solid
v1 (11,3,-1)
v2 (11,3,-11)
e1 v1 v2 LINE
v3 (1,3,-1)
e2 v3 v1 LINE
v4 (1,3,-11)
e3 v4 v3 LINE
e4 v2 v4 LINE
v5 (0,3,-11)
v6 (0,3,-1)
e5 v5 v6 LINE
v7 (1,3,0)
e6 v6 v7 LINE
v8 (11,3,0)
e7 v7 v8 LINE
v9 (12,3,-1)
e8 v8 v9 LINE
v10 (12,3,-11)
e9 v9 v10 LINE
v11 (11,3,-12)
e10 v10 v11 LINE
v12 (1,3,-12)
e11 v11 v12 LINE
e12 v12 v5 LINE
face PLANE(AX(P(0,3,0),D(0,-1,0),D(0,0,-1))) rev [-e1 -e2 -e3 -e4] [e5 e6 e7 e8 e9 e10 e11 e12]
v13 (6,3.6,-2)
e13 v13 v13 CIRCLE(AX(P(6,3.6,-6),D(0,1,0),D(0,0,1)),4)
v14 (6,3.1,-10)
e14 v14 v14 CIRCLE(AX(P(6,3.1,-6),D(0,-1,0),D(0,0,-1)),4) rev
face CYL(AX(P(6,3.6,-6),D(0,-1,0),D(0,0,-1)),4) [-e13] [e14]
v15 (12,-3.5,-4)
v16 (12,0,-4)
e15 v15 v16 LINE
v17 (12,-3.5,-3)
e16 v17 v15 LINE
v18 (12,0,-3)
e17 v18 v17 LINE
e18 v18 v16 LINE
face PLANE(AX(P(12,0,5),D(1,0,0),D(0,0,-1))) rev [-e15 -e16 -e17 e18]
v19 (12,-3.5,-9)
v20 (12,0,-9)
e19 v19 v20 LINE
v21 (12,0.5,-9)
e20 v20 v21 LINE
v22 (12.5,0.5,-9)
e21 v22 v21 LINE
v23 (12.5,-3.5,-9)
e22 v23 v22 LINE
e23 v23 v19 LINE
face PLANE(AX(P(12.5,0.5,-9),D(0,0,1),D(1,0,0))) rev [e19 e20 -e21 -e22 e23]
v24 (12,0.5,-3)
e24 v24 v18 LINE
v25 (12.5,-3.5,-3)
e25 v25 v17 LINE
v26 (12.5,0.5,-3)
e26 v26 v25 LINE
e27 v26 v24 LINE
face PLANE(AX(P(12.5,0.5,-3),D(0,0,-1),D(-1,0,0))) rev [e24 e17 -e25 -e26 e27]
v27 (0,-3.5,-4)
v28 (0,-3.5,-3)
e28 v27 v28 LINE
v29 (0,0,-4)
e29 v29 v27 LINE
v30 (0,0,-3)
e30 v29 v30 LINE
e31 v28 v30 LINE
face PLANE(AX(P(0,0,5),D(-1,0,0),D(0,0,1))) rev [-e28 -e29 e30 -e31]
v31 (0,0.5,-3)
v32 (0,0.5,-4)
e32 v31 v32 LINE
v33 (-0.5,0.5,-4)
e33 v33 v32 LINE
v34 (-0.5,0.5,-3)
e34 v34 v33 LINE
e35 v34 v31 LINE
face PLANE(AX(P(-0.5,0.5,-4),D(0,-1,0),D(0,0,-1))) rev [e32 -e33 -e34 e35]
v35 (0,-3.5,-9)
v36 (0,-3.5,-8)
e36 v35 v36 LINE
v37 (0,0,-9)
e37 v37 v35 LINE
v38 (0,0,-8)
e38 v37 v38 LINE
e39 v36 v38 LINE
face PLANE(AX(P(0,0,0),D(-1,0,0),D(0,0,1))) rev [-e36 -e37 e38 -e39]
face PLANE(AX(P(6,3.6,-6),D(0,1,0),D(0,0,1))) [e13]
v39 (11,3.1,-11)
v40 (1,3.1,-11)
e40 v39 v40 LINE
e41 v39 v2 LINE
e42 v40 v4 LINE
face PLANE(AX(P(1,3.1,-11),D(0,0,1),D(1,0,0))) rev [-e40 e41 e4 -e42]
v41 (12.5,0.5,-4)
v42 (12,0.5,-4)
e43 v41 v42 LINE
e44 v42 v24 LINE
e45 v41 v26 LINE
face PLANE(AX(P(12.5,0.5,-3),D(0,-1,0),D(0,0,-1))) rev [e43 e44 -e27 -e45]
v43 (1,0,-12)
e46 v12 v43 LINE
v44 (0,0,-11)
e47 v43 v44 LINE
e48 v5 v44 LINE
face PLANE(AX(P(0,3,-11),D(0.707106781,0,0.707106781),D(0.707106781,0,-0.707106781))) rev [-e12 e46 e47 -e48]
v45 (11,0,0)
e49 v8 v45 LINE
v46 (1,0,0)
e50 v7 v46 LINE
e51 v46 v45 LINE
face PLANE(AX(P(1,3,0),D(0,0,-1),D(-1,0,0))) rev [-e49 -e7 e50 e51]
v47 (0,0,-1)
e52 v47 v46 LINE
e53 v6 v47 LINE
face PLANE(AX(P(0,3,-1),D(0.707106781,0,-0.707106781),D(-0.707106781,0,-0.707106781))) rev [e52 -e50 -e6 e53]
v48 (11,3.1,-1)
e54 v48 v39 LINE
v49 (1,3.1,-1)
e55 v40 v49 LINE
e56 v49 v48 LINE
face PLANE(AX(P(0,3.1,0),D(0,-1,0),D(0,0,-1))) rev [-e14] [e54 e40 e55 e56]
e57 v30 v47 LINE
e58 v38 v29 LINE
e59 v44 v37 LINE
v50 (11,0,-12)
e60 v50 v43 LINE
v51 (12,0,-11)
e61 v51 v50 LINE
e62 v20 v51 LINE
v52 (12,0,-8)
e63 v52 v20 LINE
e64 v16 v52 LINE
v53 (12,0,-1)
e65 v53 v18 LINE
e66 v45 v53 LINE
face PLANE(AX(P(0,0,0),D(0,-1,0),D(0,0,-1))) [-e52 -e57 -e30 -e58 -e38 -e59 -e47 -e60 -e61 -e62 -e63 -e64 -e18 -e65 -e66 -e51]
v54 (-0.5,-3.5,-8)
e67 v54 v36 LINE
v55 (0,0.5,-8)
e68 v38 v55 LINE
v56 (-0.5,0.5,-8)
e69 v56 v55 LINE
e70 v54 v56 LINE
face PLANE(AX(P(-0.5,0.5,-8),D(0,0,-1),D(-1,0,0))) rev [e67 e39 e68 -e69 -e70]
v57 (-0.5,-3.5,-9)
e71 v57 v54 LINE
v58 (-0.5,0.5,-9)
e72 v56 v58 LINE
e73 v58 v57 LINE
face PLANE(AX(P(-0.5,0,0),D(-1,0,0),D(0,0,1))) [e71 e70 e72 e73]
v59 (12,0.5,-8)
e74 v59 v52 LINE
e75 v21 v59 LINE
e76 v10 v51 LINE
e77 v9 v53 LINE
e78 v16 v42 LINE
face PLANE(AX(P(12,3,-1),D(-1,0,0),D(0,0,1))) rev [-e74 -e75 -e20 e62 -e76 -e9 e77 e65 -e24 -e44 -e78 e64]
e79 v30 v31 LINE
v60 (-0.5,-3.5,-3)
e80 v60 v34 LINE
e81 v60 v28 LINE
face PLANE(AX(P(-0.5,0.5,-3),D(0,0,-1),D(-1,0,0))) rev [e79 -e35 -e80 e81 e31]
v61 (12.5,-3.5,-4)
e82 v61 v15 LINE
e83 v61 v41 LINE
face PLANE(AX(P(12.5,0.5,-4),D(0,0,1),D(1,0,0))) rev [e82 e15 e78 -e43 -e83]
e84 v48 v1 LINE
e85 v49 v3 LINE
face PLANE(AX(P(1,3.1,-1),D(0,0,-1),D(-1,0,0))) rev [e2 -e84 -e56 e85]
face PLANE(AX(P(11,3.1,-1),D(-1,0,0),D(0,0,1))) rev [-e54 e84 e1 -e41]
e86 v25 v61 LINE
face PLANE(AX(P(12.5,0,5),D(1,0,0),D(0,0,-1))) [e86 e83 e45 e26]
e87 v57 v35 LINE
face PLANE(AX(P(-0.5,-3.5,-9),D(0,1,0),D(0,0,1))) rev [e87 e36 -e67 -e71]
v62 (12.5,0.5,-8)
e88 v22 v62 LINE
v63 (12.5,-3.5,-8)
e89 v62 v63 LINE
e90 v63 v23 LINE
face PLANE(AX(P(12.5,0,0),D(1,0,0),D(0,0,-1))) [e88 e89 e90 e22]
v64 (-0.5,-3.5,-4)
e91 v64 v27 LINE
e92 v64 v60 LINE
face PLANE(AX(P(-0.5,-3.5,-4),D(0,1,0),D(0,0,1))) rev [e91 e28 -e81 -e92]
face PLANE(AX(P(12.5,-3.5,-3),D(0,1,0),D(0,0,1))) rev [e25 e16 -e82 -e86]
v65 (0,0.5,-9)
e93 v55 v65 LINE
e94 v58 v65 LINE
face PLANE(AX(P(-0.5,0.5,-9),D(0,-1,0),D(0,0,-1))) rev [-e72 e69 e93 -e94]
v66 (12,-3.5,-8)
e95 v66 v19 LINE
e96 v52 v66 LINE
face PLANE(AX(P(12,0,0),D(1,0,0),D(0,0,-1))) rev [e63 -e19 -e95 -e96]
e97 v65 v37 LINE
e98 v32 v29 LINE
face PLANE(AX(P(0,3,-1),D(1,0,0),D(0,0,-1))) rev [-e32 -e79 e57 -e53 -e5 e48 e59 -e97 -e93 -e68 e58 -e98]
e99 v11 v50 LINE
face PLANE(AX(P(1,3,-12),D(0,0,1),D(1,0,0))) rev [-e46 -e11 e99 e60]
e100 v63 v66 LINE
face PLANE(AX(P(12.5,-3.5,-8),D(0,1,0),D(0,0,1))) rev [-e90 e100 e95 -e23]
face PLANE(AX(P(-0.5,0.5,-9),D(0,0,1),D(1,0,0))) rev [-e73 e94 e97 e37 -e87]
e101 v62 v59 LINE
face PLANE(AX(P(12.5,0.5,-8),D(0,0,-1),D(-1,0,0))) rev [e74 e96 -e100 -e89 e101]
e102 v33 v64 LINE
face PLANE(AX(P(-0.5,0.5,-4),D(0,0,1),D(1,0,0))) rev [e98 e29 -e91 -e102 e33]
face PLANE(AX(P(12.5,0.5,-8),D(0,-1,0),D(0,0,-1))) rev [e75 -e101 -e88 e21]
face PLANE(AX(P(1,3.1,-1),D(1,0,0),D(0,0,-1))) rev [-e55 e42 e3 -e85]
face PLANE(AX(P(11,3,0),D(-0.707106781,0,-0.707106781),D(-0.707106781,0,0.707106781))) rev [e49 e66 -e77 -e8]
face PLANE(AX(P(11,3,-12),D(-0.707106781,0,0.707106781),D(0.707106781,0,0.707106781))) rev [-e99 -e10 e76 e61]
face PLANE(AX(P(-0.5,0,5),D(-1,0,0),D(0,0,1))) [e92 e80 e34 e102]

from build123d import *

# Parameters (mm, degrees)
BOSS_EXTRU_2_DEPTH         = 3
ESQUISSE2_W                = 10
ESQUISSE2_H                = 10
BOSS_EXTRU_3_DEPTH         = 0.1
ESQUISSE3_R                = 4
BOSS_EXTRU_4_DEPTH         = 0.5
ESQUISSE4_W                = 1
ESQUISSE4_H                = 4
BOSS_EXTRU_5_DEPTH         = 0.5
ESQUISSE7_W                = 1
ESQUISSE7_H                = 4
BOSS_EXTRU_7_DEPTH         = 0.5
R_P_TITION_LIN_AIRE1_COUNT = 2
R_P_TITION_LIN_AIRE1_PITCH = 5


with BuildPart() as part:
    # Esquisse1 → Boss.-Extru.2 (new body)
    with BuildSketch(Plane(origin=(0, 0, 0), x_dir=(1, 0, 0), z_dir=(0, 1, 0))):
        Polygon((0, 11), (1, 12), (11, 12), (12, 11), (12, 1), (11, 0), (1, 0), (0, 1), align=None)
    extrude(amount=BOSS_EXTRU_2_DEPTH)

    # Esquisse2 → Boss.-Extru.3 (add)
    with BuildSketch(Plane(origin=(0, 3, 0), x_dir=(1, 0, 0), z_dir=(0, 1, 0))):
        with Locations((6, 6)):
            Rectangle(ESQUISSE2_W, ESQUISSE2_H)
    extrude(amount=BOSS_EXTRU_3_DEPTH)

    # Esquisse3 → Boss.-Extru.4 (add)
    with BuildSketch(Plane(origin=(0, 3.1, 0), x_dir=(1, 0, 0), z_dir=(0, 1, 0))):
        with Locations((6, 6)):
            Circle(ESQUISSE3_R)
    extrude(amount=BOSS_EXTRU_4_DEPTH)

    # Esquisse4 → Boss.-Extru.5 (add)
    with BuildSketch(Plane.ZY):
        with Locations((-8.5, -1.5)):
            Rectangle(ESQUISSE4_W, ESQUISSE4_H)
    boss_extru_5 = extrude(amount=BOSS_EXTRU_5_DEPTH)

    # Esquisse7 → Boss.-Extru.7 (add)
    with BuildSketch(Plane(origin=(12, 0, 0), x_dir=(0, 0, -1), z_dir=(1, 0, 0))):
        with Locations((8.5, -1.5)):
            Rectangle(ESQUISSE7_W, ESQUISSE7_H)
    boss_extru_7 = extrude(amount=BOSS_EXTRU_7_DEPTH)

    # Répétition linéaire1: Boss.-Extru.5, Boss.-Extru.7 ×2
    with Locations(*[(0, 0, i * R_P_TITION_LIN_AIRE1_PITCH) for i in range(1, R_P_TITION_LIN_AIRE1_COUNT)]):
        add(boss_extru_5)
        add(boss_extru_7)


solid = part.part
